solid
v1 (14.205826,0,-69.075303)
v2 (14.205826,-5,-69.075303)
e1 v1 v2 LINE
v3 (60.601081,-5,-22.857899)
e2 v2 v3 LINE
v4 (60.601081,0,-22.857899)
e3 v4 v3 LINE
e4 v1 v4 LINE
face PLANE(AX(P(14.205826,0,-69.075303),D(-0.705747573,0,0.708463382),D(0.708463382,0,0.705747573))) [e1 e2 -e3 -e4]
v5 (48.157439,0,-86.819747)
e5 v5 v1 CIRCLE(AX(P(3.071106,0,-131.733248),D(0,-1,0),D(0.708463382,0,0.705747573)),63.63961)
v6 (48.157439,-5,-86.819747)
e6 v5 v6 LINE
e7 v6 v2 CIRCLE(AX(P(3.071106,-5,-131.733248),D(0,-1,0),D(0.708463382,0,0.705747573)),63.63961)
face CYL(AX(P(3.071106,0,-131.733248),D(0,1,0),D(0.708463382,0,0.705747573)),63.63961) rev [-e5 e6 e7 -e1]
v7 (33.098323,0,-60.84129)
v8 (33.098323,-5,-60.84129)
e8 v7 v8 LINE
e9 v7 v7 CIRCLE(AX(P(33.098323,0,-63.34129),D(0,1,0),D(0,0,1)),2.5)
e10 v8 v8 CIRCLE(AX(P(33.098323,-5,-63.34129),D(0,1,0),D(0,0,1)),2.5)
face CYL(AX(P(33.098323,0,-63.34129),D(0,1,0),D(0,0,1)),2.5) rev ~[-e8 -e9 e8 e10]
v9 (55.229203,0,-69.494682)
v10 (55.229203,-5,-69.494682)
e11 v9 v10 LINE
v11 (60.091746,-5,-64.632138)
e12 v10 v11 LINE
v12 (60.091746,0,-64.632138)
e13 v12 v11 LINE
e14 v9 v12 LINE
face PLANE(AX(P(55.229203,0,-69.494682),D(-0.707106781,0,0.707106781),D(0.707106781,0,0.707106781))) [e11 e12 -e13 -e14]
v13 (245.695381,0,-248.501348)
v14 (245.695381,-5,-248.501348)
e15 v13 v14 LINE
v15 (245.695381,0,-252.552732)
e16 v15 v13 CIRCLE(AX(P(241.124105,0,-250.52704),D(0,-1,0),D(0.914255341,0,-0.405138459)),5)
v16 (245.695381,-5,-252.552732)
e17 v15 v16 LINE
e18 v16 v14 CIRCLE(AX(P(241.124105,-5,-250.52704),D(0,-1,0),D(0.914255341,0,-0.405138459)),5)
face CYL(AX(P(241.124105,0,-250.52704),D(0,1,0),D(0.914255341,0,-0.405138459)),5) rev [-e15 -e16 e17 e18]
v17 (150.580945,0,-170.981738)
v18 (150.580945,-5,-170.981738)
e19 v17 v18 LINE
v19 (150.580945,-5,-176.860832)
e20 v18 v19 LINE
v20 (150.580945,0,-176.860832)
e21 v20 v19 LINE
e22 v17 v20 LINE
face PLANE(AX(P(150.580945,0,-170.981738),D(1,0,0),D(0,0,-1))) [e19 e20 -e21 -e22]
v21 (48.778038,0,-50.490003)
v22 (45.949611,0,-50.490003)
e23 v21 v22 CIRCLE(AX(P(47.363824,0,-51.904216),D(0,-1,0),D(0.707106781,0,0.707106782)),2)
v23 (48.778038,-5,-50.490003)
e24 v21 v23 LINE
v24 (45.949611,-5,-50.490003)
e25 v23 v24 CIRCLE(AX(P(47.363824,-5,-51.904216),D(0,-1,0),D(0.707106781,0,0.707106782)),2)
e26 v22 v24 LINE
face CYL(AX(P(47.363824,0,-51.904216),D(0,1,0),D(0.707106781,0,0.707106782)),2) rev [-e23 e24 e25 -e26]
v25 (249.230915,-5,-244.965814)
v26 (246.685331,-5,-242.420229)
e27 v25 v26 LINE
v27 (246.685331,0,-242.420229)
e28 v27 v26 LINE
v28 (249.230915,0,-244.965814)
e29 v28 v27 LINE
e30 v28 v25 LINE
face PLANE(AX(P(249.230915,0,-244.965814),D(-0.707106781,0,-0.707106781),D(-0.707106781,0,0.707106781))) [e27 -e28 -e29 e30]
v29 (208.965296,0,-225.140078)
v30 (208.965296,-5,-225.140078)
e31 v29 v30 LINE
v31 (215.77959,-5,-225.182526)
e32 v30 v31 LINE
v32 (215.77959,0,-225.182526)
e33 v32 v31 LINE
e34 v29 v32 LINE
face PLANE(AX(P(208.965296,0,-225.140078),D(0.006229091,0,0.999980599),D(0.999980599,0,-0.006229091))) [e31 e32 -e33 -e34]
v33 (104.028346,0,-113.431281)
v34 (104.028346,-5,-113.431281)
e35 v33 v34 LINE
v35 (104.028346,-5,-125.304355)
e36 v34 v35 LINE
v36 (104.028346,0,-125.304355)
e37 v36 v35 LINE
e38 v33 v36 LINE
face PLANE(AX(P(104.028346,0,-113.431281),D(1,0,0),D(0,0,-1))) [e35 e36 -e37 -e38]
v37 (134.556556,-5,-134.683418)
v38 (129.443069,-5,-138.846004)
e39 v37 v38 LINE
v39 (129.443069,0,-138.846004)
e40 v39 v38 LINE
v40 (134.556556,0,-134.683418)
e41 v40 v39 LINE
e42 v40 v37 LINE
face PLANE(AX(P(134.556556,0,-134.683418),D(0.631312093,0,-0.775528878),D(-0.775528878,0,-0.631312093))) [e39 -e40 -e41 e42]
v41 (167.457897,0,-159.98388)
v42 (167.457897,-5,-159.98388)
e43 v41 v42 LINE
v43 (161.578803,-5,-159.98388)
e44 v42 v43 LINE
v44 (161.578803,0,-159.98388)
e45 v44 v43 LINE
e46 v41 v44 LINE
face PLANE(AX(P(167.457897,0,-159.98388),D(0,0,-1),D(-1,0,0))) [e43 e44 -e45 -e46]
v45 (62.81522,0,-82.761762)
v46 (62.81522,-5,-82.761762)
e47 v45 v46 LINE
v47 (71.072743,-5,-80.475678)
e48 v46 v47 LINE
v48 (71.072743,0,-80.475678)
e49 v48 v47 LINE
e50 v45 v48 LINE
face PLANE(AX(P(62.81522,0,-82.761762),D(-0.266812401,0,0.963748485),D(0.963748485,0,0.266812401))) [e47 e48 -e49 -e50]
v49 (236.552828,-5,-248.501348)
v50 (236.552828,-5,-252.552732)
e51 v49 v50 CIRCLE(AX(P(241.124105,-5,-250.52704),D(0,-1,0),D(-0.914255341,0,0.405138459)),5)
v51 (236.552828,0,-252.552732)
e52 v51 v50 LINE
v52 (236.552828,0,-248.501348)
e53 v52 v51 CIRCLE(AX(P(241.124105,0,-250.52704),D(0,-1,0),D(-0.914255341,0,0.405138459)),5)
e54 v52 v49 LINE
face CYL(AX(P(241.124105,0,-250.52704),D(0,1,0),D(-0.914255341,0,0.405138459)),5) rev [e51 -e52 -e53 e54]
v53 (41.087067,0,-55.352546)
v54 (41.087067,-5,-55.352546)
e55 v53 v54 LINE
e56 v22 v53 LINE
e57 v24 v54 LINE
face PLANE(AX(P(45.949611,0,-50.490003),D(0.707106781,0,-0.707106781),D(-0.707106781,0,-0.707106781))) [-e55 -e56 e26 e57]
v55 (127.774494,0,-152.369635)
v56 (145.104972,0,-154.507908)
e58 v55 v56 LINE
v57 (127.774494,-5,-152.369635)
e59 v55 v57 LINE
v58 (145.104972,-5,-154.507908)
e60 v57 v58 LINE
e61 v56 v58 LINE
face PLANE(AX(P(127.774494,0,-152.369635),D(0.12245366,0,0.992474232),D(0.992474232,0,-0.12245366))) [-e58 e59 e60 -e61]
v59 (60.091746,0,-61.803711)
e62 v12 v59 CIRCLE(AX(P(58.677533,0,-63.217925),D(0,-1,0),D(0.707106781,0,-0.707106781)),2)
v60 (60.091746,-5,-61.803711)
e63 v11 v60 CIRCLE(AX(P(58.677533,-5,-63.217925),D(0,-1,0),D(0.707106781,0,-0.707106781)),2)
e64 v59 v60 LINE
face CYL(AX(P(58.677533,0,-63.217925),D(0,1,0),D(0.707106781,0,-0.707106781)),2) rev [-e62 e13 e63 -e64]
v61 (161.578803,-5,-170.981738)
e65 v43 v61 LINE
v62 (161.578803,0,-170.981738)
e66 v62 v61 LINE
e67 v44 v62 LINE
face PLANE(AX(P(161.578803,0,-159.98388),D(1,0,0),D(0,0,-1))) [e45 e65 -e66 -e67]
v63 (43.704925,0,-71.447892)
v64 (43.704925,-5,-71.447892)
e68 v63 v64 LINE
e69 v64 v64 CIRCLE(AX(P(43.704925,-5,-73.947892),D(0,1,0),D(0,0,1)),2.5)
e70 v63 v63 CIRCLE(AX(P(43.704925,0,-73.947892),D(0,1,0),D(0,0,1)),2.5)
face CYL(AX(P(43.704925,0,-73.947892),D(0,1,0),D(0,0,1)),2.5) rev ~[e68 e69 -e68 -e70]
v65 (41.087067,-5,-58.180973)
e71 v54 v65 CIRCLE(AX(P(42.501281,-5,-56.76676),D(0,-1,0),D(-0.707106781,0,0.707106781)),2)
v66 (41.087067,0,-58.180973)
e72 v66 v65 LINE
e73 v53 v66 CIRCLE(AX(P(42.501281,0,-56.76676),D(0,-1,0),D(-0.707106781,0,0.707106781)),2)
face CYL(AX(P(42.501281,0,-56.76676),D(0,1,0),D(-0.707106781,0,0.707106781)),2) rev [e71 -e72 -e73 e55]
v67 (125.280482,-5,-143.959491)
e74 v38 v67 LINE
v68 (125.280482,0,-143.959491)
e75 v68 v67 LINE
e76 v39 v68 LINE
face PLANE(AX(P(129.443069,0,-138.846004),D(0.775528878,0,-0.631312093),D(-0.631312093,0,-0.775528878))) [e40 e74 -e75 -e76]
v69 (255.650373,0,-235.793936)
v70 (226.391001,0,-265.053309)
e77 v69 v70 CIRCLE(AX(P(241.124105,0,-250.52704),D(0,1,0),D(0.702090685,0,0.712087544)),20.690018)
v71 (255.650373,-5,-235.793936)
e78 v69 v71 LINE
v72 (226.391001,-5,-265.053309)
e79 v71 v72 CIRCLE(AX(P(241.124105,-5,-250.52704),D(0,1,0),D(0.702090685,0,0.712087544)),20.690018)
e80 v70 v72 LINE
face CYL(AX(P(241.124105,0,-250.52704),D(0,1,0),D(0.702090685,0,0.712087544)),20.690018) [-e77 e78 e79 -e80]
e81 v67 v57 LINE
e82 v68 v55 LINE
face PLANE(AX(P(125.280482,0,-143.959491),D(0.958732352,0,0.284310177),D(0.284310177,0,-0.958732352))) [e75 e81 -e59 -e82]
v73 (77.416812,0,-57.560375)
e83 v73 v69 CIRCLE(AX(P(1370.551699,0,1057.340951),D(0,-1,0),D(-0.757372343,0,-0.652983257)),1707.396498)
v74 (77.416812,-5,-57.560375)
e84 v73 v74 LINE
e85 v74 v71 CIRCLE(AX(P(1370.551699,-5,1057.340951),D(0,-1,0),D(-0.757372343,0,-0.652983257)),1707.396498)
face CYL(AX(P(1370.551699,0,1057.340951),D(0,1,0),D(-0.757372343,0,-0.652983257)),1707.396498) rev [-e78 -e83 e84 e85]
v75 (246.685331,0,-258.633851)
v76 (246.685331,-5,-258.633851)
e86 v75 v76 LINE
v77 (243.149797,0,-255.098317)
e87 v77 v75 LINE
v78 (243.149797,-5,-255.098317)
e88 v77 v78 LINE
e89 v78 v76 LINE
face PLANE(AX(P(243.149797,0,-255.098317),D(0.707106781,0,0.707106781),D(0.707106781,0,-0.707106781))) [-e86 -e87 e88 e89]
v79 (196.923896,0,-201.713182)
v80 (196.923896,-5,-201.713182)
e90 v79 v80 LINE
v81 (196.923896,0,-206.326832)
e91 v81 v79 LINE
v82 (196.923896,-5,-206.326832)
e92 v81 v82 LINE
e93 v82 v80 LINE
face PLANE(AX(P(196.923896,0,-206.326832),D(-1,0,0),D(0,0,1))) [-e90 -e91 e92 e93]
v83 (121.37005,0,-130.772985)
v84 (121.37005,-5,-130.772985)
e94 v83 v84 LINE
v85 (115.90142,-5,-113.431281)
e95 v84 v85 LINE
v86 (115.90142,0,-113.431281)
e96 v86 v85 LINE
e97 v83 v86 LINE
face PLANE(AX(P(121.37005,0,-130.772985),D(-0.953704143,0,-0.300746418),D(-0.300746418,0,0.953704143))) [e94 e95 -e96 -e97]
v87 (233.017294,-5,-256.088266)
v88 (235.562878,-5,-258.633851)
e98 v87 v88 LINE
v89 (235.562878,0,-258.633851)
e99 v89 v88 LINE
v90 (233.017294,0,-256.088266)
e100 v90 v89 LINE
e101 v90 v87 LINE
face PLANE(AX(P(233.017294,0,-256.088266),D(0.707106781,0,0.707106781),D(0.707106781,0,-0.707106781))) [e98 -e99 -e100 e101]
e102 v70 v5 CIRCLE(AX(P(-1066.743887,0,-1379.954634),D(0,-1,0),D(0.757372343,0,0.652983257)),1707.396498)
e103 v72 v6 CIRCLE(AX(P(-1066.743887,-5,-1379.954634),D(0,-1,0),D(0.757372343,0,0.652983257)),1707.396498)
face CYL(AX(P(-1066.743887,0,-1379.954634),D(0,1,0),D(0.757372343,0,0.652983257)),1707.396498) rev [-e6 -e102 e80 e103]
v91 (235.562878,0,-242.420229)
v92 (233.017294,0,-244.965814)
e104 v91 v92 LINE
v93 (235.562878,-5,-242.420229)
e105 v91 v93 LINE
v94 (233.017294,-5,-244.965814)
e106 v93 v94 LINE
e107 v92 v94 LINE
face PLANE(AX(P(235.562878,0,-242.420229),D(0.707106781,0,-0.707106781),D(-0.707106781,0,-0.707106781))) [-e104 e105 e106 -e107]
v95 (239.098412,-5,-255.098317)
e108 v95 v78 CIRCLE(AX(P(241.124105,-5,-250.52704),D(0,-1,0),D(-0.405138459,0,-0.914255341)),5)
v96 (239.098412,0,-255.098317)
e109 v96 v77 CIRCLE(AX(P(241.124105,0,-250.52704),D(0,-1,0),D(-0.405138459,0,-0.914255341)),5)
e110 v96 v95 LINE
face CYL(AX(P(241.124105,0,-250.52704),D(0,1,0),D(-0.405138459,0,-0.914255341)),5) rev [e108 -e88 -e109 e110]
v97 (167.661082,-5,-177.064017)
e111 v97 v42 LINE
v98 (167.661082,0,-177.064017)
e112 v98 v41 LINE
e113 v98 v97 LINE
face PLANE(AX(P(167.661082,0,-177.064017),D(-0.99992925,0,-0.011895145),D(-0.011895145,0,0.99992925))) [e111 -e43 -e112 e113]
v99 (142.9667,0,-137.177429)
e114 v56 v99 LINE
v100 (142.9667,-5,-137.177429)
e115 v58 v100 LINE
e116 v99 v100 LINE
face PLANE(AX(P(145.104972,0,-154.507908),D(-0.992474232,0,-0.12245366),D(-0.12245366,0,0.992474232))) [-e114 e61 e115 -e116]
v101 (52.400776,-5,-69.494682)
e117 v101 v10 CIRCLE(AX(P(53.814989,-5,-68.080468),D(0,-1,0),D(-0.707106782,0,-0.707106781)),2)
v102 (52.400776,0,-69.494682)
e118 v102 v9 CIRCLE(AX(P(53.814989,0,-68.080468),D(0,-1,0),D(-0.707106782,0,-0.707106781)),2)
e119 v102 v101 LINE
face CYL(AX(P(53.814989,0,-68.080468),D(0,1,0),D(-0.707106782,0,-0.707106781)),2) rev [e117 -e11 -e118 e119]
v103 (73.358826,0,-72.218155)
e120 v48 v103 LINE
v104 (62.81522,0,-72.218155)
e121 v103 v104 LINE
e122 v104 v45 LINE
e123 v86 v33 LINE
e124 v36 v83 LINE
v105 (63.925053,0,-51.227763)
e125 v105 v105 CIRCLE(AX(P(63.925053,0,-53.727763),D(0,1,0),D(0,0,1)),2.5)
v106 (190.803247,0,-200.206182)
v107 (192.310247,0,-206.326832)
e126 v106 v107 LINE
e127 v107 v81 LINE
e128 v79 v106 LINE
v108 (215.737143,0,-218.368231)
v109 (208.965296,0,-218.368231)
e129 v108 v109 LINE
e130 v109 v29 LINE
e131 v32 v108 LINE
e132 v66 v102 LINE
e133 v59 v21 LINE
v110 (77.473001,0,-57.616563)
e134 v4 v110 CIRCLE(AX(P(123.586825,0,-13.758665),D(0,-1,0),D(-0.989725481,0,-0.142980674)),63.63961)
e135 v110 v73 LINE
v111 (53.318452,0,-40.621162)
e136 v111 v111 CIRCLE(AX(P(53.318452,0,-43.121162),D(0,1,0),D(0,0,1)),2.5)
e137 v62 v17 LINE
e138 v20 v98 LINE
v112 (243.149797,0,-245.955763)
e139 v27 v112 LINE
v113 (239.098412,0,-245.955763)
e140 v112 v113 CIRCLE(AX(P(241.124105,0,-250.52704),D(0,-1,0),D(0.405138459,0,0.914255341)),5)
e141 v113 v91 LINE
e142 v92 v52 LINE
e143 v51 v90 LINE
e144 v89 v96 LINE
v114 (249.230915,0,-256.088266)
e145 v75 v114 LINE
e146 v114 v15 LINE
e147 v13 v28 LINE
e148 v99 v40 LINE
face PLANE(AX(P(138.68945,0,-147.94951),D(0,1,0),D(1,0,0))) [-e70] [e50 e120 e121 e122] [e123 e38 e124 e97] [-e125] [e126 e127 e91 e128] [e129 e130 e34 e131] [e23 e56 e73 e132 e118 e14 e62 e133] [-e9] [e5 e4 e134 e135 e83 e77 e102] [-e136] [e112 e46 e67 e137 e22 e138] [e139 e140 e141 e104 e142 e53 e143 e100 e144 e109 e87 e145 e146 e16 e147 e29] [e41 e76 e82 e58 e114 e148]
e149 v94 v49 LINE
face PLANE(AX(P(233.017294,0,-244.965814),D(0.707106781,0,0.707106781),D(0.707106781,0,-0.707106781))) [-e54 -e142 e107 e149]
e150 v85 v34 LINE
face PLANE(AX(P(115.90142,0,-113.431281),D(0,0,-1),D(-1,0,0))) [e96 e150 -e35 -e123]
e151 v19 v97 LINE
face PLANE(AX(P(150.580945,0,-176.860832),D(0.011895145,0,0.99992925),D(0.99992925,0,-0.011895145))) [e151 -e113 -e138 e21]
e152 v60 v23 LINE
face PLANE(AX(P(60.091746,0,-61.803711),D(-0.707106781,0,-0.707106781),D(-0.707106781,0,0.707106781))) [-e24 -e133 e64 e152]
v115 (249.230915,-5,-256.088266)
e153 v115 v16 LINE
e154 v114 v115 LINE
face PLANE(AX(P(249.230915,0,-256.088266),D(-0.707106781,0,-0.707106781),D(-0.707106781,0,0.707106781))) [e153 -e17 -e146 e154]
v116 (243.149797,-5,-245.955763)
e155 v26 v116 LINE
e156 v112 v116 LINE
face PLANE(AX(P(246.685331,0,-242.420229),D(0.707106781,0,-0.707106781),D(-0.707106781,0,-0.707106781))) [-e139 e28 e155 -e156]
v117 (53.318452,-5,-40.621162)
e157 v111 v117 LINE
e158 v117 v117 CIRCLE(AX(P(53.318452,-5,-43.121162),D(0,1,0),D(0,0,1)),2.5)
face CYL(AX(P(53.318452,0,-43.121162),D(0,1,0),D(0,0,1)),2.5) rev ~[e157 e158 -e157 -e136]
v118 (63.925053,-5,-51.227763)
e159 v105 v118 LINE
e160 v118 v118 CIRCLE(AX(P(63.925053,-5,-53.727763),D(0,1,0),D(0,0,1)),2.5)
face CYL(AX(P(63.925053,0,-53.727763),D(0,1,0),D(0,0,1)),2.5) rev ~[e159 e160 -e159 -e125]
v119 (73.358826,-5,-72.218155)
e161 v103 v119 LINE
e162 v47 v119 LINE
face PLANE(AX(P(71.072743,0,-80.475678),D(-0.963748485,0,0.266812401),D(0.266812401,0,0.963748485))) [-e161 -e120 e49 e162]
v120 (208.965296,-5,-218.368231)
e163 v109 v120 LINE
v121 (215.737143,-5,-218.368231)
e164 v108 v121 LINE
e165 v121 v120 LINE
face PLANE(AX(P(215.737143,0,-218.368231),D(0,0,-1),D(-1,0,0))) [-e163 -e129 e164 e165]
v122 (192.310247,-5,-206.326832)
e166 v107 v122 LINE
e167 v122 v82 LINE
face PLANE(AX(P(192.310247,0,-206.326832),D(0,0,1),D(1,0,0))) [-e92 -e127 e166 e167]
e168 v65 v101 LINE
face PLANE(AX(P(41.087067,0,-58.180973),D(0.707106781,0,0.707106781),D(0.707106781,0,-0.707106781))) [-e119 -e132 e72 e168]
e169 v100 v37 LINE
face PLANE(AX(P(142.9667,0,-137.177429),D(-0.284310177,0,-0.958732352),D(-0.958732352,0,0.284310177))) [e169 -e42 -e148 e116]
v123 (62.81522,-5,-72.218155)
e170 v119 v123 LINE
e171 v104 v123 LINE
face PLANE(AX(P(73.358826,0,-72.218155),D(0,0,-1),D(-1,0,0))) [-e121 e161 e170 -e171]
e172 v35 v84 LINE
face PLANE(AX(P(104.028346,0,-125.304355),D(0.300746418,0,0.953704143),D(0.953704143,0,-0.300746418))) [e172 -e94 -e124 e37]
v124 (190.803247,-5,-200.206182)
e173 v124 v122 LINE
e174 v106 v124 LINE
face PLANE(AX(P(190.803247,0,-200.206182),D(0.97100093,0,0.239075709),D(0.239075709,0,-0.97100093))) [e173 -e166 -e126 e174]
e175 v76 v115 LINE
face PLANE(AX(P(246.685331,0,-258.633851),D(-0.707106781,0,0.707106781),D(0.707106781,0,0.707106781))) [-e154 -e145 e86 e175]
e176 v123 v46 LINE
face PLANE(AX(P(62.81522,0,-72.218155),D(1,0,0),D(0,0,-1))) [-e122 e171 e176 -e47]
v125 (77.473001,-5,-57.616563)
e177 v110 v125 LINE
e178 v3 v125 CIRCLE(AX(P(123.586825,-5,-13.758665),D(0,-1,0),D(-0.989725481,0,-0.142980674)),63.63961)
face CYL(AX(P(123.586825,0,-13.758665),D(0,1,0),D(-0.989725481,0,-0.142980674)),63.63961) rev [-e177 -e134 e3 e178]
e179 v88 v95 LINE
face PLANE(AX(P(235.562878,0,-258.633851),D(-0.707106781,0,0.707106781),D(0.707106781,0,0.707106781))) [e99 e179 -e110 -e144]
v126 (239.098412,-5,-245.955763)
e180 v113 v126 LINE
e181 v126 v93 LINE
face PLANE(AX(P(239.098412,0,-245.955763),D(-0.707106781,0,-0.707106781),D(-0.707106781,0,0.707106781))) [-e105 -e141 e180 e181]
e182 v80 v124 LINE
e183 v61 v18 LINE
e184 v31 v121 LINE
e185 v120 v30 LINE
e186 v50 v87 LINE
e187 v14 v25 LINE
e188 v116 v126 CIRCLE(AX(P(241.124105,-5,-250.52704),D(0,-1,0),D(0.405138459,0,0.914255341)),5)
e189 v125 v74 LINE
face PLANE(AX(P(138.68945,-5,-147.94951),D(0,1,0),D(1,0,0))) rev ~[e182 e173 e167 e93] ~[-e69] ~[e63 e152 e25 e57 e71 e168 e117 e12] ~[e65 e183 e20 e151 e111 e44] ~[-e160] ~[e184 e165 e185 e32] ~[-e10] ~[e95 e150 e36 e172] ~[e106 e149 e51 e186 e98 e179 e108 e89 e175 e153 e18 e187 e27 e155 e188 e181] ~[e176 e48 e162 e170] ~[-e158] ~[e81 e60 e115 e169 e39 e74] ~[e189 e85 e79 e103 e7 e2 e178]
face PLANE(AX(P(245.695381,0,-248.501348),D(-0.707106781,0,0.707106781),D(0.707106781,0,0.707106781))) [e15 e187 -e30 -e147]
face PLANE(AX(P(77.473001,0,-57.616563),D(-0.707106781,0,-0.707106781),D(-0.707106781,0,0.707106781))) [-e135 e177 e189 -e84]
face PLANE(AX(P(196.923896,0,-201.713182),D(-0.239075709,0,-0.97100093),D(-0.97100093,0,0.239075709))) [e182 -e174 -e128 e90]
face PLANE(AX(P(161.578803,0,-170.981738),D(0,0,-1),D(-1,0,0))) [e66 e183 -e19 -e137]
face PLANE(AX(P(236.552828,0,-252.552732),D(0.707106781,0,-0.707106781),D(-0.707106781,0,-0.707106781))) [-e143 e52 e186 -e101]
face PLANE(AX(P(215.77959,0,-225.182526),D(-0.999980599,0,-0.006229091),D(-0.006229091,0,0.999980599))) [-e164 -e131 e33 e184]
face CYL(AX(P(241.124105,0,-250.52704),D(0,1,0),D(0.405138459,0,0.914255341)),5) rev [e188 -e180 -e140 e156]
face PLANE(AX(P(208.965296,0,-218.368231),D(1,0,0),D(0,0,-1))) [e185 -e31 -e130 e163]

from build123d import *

# Parameters (mm, degrees)
SKETCH1_R           = 2.5
BOSS_EXTRUDE2_DEPTH = 5


with BuildPart() as part:
    # Sketch1 → Boss-Extrude2 (new body)
    with BuildSketch(Plane(origin=(0, 0, 0), x_dir=(1, 0, 0), z_dir=(0, 1, 0))):
        with BuildLine():
            ThreePointArc((48.157439134, 86.819747349), (32.548521434, 75.332166703), (14.205825824, 69.075303385))
            Line((14.205825824, 69.075303385), (60.601080618, 22.857899217))
            ThreePointArc((60.601080618, 22.857899217), (66.335448138, 41.548589345), (77.473000793, 57.616563367))
            Line((77.473000793, 57.616563367), (77.416811954, 57.560374528))
            ThreePointArc((77.416811954, 57.560374528), (163.240056955, 149.970690922), (255.650373348, 235.793935922))
            ThreePointArc((255.650373348, 235.793935922), (255.754156467, 265.157091862), (226.391000527, 265.053308743))
            ThreePointArc((226.391000527, 265.053308743), (140.567755527, 172.64299235), (48.157439134, 86.819747349))
        make_face()
        with Locations(Location((53.318451782, 43.121161597, 0), (0, 0, 270))):
            Circle(SKETCH1_R, mode=Mode.SUBTRACT)
        with Locations(Location((63.9250535, 53.727763315, 0), (0, 0, 270))):
            Circle(SKETCH1_R, mode=Mode.SUBTRACT)
        with Locations(Location((33.098323122, 63.341290256, 0), (0, 0, 270))):
            Circle(SKETCH1_R, mode=Mode.SUBTRACT)
        with Locations(Location((43.70492484, 73.947891974, 0), (0, 0, 270))):
            Circle(SKETCH1_R, mode=Mode.SUBTRACT)
        with BuildLine():
            Line((55.229202732, 69.494681894), (60.091746499, 64.632138127))
            ThreePointArc((60.091746499, 64.632138127), (60.677532937, 63.217924565), (60.091746499, 61.803711002))
            Line((60.091746499, 61.803711002), (48.778038, 50.490002503))
            ThreePointArc((48.778038, 50.490002503), (47.363824438, 49.904216066), (45.949610875, 50.490002503))
            Line((45.949610875, 50.490002503), (41.087067109, 55.35254627))
            ThreePointArc((41.087067109, 55.35254627), (40.501280671, 56.766759833), (41.087067109, 58.180973395))
            Line((41.087067109, 58.180973395), (52.400775608, 69.494681894))
            ThreePointArc((52.400775608, 69.494681894), (53.81498917, 70.080468332), (55.229202732, 69.494681894))
        make_face(mode=Mode.SUBTRACT)
        Polygon((73.358826127, 72.218155358), (62.815219963, 72.218155358), (62.815219963, 82.761761522), (71.072742678, 80.475678073), align=None, mode=Mode.SUBTRACT)
        Polygon((115.901419717, 113.431281172), (104.028345777, 113.431281172), (104.028345777, 125.304355111), (121.370050098, 130.772985493), align=None, mode=Mode.SUBTRACT)
        Polygon((127.774493656, 152.369634944), (145.10497222, 154.507907615), (142.966699549, 137.177429051), (134.556556076, 134.683417686), (129.44306902, 138.846004415), (125.280482291, 143.959491471), align=None, mode=Mode.SUBTRACT)
        Polygon((161.578803014, 170.981738409), (150.580944654, 170.981738409), (150.580944654, 176.860832319), (167.661082015, 177.06401741), (167.457896924, 159.983880049), (161.578803014, 159.983880049), align=None, mode=Mode.SUBTRACT)
        Polygon((192.31024704, 206.32683153), (196.923896135, 206.32683153), (196.923896135, 201.713182434), (190.803246876, 200.206182271), align=None, mode=Mode.SUBTRACT)
        Polygon((215.737142693, 218.36823138), (208.965295985, 218.36823138), (208.965295985, 225.140078087), (215.779590379, 225.182525773), align=None, mode=Mode.SUBTRACT)
        with BuildLine():
            ThreePointArc((239.098412236, 255.098316632), (241.12410453, 255.527039925), (243.149796825, 255.098316632))
            Line((243.149796825, 255.098316632), (246.685330731, 258.633850538))
            Line((246.685330731, 258.633850538), (249.230915143, 256.088266125))
            Line((249.230915143, 256.088266125), (245.695381237, 252.552732219))
            ThreePointArc((245.695381237, 252.552732219), (246.12410453, 250.527039925), (245.695381237, 248.501347631))
            Line((245.695381237, 248.501347631), (249.230915143, 244.965813725))
            Line((249.230915143, 244.965813725), (246.685330731, 242.420229312))
            Line((246.685330731, 242.420229312), (243.149796825, 245.955763218))
            ThreePointArc((243.149796825, 245.955763218), (241.12410453, 245.527039925), (239.098412236, 245.955763218))
            Line((239.098412236, 245.955763218), (235.56287833, 242.420229312))
            Line((235.56287833, 242.420229312), (233.017293918, 244.965813725))
            Line((233.017293918, 244.965813725), (236.552827824, 248.501347631))
            ThreePointArc((236.552827824, 248.501347631), (236.12410453, 250.527039925), (236.552827824, 252.552732219))
            Line((236.552827824, 252.552732219), (233.017293918, 256.088266125))
            Line((233.017293918, 256.088266125), (235.56287833, 258.633850538))
            Line((235.56287833, 258.633850538), (239.098412236, 255.098316632))
        make_face(mode=Mode.SUBTRACT)
    extrude(amount=-BOSS_EXTRUDE2_DEPTH)


solid = part.part
